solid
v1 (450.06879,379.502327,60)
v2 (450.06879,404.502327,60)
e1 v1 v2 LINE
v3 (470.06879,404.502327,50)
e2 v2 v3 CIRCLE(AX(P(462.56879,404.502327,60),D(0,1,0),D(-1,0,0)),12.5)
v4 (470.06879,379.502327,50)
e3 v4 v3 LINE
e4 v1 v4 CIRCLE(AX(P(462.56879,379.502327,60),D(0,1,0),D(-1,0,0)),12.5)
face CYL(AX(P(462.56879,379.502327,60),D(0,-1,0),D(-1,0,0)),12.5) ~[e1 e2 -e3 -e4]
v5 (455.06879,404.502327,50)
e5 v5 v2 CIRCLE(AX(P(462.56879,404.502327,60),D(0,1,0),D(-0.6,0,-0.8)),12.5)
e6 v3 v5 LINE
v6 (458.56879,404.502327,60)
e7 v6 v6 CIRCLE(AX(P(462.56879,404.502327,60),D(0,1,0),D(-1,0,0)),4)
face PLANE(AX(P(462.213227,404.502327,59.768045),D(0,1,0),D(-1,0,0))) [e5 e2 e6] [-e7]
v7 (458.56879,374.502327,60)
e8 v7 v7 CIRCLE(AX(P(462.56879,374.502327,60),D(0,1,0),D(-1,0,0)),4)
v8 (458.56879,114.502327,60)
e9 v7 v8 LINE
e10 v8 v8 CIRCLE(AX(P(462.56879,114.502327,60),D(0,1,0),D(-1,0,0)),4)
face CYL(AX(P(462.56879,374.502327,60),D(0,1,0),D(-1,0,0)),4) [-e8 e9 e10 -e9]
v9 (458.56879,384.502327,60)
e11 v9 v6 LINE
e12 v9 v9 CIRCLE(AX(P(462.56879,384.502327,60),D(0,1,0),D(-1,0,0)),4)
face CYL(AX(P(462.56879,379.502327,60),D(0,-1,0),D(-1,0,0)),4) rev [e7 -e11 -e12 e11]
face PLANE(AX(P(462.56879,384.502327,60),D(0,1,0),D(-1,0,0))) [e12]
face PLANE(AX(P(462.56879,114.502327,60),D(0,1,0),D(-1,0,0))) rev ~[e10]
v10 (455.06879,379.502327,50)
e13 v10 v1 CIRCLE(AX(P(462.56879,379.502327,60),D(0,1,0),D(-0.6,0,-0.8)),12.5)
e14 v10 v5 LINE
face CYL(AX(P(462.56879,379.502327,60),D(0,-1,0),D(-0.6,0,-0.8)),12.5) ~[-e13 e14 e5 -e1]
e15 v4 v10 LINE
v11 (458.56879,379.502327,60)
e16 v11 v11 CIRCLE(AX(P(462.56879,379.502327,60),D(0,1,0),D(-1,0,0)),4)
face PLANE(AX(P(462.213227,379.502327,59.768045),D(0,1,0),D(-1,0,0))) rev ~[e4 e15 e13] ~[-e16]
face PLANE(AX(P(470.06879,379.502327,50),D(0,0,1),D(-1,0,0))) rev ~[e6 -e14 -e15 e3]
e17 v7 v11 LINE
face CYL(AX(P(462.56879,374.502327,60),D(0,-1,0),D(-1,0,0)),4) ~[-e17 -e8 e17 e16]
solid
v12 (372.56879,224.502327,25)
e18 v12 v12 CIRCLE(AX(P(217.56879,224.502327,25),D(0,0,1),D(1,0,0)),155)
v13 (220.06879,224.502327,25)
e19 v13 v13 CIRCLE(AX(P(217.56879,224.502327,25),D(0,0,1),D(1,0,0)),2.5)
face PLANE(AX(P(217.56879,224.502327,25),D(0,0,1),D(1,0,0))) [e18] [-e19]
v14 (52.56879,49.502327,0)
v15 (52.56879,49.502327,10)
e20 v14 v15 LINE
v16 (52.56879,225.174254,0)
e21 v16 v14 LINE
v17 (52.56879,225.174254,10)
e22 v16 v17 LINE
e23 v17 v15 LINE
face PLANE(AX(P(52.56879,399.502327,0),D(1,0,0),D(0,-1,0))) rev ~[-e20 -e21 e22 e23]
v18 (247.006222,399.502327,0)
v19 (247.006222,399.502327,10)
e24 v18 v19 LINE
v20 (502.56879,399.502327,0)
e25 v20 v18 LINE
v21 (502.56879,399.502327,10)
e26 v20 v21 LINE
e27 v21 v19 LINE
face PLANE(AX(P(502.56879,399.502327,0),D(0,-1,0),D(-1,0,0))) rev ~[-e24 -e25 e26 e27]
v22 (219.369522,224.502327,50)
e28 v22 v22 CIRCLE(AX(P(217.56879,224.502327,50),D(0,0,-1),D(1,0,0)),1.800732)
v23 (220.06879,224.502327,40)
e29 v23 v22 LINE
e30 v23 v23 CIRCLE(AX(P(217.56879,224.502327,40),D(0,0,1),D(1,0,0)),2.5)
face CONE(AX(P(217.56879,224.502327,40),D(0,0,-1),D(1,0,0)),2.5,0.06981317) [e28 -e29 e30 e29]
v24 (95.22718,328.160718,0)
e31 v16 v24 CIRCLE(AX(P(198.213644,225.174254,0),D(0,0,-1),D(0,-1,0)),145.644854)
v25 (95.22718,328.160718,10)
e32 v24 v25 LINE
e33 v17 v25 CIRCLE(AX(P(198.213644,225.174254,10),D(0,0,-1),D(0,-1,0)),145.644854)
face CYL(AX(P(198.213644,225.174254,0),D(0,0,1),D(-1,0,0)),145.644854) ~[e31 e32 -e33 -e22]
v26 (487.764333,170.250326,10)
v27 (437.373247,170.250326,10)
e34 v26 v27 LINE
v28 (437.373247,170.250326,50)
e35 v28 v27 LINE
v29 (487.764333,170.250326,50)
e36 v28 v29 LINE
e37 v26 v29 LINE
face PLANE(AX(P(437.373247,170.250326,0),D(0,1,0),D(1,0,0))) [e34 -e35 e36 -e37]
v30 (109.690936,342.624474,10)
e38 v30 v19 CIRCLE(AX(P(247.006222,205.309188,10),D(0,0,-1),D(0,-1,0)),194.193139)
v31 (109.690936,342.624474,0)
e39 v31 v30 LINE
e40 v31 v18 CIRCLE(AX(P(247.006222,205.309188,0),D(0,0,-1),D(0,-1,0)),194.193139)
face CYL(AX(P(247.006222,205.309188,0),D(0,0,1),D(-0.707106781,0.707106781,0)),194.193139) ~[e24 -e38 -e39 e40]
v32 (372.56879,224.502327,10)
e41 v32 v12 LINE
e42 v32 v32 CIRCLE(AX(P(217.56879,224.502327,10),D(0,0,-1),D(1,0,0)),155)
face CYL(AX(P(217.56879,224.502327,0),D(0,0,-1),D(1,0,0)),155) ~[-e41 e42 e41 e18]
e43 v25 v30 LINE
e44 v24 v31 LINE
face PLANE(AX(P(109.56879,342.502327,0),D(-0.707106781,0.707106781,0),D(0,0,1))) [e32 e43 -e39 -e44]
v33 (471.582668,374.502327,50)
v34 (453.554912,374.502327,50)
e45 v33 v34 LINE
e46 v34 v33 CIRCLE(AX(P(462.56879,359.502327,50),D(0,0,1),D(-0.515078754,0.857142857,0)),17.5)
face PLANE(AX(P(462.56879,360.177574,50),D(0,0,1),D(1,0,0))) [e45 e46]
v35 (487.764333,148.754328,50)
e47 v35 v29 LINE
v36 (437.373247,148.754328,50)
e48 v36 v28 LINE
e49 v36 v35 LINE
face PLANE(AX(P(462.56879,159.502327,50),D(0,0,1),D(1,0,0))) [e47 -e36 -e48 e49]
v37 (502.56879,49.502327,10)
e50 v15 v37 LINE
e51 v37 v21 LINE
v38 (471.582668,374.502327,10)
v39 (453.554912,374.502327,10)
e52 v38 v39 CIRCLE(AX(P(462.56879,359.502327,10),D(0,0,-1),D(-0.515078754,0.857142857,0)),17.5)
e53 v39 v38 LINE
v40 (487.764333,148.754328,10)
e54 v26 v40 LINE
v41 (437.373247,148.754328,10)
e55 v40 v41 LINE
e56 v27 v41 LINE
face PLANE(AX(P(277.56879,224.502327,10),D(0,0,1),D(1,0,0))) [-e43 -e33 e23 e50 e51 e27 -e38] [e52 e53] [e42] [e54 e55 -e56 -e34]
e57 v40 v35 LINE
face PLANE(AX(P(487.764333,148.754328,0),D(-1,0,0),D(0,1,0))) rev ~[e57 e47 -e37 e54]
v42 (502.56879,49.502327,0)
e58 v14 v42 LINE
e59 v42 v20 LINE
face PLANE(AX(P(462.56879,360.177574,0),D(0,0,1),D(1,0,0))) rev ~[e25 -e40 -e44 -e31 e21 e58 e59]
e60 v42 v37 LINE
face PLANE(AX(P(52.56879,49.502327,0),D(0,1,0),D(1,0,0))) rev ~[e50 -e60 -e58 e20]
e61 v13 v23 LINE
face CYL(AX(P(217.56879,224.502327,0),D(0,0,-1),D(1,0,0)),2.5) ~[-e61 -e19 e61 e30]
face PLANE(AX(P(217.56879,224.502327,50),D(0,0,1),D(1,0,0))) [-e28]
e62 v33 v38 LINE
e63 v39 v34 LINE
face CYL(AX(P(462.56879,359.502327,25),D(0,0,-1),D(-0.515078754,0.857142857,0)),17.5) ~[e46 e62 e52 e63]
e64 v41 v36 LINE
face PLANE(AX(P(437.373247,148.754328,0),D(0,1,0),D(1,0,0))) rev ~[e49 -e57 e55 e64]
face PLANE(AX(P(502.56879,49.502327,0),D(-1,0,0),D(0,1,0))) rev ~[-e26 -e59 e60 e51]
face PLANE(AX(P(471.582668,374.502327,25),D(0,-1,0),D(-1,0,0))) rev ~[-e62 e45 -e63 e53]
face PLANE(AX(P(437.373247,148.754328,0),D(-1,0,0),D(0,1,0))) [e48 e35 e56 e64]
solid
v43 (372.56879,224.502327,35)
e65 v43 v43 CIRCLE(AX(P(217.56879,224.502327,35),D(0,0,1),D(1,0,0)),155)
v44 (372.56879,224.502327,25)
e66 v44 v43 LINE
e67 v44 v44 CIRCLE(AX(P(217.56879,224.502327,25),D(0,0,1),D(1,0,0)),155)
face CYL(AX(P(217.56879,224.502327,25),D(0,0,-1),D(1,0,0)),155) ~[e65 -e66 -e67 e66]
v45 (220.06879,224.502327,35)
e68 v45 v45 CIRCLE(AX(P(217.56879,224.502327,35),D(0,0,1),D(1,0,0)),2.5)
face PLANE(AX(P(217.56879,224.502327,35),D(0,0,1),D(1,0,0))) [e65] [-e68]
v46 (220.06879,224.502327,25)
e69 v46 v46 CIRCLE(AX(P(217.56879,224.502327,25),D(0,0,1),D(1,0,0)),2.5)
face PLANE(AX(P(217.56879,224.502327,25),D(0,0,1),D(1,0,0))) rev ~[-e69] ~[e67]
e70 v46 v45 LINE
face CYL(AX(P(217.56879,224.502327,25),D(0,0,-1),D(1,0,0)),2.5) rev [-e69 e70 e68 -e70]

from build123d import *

# Parameters (mm, degrees)
F0_W          = 50.3910857439
F0_H          = 21.4959979057
F0_R          = 155
F0_R_2        = 2.5
F0_W_2        = 10
F0_H_2        = 10
F1_DEPTH      = 10
F2_DEPTH      = 25
F3_DEPTH      = 25
F5_START      = 5
F4_R          = 4
F5_DEPTH      = 25
F6_DEPTH      = 260
F6_DEPTH_BACK = 10
F7_DEPTH      = 40
F7_FACE_R     = 2.5
F8_DEPTH      = 10
F8_TAPER      = 4
F9_SIZE       = 114
F10_R         = 145.6448542145
F11_R         = 194.1931389527
F12_DEPTH     = 10


with BuildPart() as f1:
    # F0 (on Top) → F1 (new body)
    with BuildSketch(Plane.XY):
        Polygon((492.5687897205, 399.5023274422), (62.5687897205, 399.5023274422), (62.5687897205, 389.5023274422), (52.5687897205, 389.5023274422), (52.5687897205, 59.5023274422), (62.5687897205, 59.5023274422), (62.5687897205, 49.5023274422), (492.5687897205, 49.5023274422), (492.5687897205, 59.5023274422), (502.5687897205, 59.5023274422), (502.5687897205, 389.5023274422), (492.5687897205, 389.5023274422), align=None)
        with Locations((462.5687897205, 159.5023274422)):
            Rectangle(F0_W, F0_H, mode=Mode.SUBTRACT)
        with Locations((217.5687897205, 224.5023274422)):
            Circle(F0_R, mode=Mode.SUBTRACT)
        with BuildLine():
            ThreePointArc((471.5826679092, 374.5023274422), (462.5687897205, 342.0023274422), (453.5549115319, 374.5023274422))
            Line((453.5549115319, 374.5023274422), (471.5826679092, 374.5023274422))
        make_face(mode=Mode.SUBTRACT)
        with Locations((217.5687897205, 224.5023274422)):
            Circle(F0_R)
        with Locations((217.5687897205, 224.5023274422)):
            Circle(F0_R_2, mode=Mode.SUBTRACT)
        with Locations((462.5687897205, 159.5023274422)):
            Rectangle(F0_W, F0_H)
        with BuildLine():
            Line((471.5826679092, 374.5023274422), (453.5549115319, 374.5023274422))
            ThreePointArc((453.5549115319, 374.5023274422), (462.5687897205, 342.0023274422), (471.5826679092, 374.5023274422))
        make_face()
        with Locations((57.5687897205, 394.5023274422)):
            Rectangle(F0_W_2, F0_H_2)
        with Locations((497.5687897205, 394.5023274422)):
            Rectangle(F0_W_2, F0_H_2)
        with Locations((57.5687897205, 54.5023274422)):
            Rectangle(F0_W_2, F0_H_2)
        with Locations((497.5687897205, 54.5023274422)):
            Rectangle(F0_W_2, F0_H_2)
    extrude(amount=F1_DEPTH)

    # F0 (on Top) → F2 (join)
    with BuildSketch(Plane.XY):
        with BuildLine():
            Line((471.5826679092, 374.5023274422), (453.5549115319, 374.5023274422))
            ThreePointArc((453.5549115319, 374.5023274422), (462.5687897205, 342.0023274422), (471.5826679092, 374.5023274422))
        make_face()
        with Locations((462.5687897205, 159.5023274422)):
            Rectangle(F0_W, F0_H)
        with Locations((217.5687897205, 224.5023274422)):
            Circle(F0_R)
        with Locations((217.5687897205, 224.5023274422)):
            Circle(F0_R_2, mode=Mode.SUBTRACT)
    extrude(amount=F2_DEPTH)

    # F3 (add): faces of the model
    f3_faces = [f1.faces().sort_by_distance(p)[0] for p in [
        (462.5687897205, 358.9782324259, 25),
        (462.5687897205, 159.5023274422, 25),
    ]]
    extrude(f3_faces, amount=F3_DEPTH)

    # F0 (on Top) → F7 (join)
    with BuildSketch(Plane.XY):
        with Locations((217.5687897205, 224.5023274422)):
            Circle(F0_R_2)
    extrude(amount=F7_DEPTH)

    # F7_face (on face) → F8 (join)
    with BuildSketch(Plane(origin=(217.5687897205, 224.5023274422, 40), x_dir=(1, 0, 0), z_dir=(0, 0, 1))):
        Circle(F7_FACE_R)
    extrude(amount=F8_DEPTH, taper=F8_TAPER)

    # F9
    f9_edges = [f1.edges().sort_by_distance(p)[0] for p in [
        (52.56879, 399.502327, 5),
    ]]
    chamfer(f9_edges, length=F9_SIZE)

    # F10
    f10_edges = [f1.edges().sort_by_distance(p)[0] for p in [
        (52.56879, 285.502327, 5),
    ]]
    fillet(f10_edges, radius=F10_R)

    # F11
    f11_edges = [f1.edges().sort_by_distance(p)[0] for p in [
        (166.56879, 399.502327, 5),
    ]]
    fillet(f11_edges, radius=F11_R)


with BuildPart() as f5:
    # F4 (on face) → F5 (new body)
    with BuildSketch(Plane(origin=(0, 374.5023274422, 0), x_dir=(-1, 0, 0), z_dir=(0, 1, 0)).offset(F5_START)):
        with BuildLine():
            ThreePointArc((-455.0687897205, 50), (-451.388449833, 54.4098300563), (-450.0687897205, 60))
            ThreePointArc((-450.0687897205, 60), (-468.1589596643, 71.1803398875), (-470.0687897205, 50))
            Line((-470.0687897205, 50), (-455.0687897205, 50))
        make_face()
        with Locations((-462.5687897205, 60)):
            Circle(F4_R, mode=Mode.SUBTRACT)
    extrude(amount=F5_DEPTH)

    # F4 (on face) → F6 (join, two sides)
    with BuildSketch(Plane(origin=(0, 374.5023274422, 0), x_dir=(-1, 0, 0), z_dir=(0, 1, 0))) as f6_sk:
        with Locations((-462.5687897205, 60)):
            Circle(F4_R)
    extrude(amount=-F6_DEPTH)
    extrude(f6_sk.sketch, amount=F6_DEPTH_BACK)


with BuildPart() as f12:
    # F12 (new): a face of the model
    f12_faces = [f1.part.faces().sort_by_distance(p)[0] for p in [
        (66.9528517639, 224.5023274422, 25),
    ]]
    extrude(f12_faces, amount=F12_DEPTH)


solid = Compound([f1.part, f5.part, f12.part])
